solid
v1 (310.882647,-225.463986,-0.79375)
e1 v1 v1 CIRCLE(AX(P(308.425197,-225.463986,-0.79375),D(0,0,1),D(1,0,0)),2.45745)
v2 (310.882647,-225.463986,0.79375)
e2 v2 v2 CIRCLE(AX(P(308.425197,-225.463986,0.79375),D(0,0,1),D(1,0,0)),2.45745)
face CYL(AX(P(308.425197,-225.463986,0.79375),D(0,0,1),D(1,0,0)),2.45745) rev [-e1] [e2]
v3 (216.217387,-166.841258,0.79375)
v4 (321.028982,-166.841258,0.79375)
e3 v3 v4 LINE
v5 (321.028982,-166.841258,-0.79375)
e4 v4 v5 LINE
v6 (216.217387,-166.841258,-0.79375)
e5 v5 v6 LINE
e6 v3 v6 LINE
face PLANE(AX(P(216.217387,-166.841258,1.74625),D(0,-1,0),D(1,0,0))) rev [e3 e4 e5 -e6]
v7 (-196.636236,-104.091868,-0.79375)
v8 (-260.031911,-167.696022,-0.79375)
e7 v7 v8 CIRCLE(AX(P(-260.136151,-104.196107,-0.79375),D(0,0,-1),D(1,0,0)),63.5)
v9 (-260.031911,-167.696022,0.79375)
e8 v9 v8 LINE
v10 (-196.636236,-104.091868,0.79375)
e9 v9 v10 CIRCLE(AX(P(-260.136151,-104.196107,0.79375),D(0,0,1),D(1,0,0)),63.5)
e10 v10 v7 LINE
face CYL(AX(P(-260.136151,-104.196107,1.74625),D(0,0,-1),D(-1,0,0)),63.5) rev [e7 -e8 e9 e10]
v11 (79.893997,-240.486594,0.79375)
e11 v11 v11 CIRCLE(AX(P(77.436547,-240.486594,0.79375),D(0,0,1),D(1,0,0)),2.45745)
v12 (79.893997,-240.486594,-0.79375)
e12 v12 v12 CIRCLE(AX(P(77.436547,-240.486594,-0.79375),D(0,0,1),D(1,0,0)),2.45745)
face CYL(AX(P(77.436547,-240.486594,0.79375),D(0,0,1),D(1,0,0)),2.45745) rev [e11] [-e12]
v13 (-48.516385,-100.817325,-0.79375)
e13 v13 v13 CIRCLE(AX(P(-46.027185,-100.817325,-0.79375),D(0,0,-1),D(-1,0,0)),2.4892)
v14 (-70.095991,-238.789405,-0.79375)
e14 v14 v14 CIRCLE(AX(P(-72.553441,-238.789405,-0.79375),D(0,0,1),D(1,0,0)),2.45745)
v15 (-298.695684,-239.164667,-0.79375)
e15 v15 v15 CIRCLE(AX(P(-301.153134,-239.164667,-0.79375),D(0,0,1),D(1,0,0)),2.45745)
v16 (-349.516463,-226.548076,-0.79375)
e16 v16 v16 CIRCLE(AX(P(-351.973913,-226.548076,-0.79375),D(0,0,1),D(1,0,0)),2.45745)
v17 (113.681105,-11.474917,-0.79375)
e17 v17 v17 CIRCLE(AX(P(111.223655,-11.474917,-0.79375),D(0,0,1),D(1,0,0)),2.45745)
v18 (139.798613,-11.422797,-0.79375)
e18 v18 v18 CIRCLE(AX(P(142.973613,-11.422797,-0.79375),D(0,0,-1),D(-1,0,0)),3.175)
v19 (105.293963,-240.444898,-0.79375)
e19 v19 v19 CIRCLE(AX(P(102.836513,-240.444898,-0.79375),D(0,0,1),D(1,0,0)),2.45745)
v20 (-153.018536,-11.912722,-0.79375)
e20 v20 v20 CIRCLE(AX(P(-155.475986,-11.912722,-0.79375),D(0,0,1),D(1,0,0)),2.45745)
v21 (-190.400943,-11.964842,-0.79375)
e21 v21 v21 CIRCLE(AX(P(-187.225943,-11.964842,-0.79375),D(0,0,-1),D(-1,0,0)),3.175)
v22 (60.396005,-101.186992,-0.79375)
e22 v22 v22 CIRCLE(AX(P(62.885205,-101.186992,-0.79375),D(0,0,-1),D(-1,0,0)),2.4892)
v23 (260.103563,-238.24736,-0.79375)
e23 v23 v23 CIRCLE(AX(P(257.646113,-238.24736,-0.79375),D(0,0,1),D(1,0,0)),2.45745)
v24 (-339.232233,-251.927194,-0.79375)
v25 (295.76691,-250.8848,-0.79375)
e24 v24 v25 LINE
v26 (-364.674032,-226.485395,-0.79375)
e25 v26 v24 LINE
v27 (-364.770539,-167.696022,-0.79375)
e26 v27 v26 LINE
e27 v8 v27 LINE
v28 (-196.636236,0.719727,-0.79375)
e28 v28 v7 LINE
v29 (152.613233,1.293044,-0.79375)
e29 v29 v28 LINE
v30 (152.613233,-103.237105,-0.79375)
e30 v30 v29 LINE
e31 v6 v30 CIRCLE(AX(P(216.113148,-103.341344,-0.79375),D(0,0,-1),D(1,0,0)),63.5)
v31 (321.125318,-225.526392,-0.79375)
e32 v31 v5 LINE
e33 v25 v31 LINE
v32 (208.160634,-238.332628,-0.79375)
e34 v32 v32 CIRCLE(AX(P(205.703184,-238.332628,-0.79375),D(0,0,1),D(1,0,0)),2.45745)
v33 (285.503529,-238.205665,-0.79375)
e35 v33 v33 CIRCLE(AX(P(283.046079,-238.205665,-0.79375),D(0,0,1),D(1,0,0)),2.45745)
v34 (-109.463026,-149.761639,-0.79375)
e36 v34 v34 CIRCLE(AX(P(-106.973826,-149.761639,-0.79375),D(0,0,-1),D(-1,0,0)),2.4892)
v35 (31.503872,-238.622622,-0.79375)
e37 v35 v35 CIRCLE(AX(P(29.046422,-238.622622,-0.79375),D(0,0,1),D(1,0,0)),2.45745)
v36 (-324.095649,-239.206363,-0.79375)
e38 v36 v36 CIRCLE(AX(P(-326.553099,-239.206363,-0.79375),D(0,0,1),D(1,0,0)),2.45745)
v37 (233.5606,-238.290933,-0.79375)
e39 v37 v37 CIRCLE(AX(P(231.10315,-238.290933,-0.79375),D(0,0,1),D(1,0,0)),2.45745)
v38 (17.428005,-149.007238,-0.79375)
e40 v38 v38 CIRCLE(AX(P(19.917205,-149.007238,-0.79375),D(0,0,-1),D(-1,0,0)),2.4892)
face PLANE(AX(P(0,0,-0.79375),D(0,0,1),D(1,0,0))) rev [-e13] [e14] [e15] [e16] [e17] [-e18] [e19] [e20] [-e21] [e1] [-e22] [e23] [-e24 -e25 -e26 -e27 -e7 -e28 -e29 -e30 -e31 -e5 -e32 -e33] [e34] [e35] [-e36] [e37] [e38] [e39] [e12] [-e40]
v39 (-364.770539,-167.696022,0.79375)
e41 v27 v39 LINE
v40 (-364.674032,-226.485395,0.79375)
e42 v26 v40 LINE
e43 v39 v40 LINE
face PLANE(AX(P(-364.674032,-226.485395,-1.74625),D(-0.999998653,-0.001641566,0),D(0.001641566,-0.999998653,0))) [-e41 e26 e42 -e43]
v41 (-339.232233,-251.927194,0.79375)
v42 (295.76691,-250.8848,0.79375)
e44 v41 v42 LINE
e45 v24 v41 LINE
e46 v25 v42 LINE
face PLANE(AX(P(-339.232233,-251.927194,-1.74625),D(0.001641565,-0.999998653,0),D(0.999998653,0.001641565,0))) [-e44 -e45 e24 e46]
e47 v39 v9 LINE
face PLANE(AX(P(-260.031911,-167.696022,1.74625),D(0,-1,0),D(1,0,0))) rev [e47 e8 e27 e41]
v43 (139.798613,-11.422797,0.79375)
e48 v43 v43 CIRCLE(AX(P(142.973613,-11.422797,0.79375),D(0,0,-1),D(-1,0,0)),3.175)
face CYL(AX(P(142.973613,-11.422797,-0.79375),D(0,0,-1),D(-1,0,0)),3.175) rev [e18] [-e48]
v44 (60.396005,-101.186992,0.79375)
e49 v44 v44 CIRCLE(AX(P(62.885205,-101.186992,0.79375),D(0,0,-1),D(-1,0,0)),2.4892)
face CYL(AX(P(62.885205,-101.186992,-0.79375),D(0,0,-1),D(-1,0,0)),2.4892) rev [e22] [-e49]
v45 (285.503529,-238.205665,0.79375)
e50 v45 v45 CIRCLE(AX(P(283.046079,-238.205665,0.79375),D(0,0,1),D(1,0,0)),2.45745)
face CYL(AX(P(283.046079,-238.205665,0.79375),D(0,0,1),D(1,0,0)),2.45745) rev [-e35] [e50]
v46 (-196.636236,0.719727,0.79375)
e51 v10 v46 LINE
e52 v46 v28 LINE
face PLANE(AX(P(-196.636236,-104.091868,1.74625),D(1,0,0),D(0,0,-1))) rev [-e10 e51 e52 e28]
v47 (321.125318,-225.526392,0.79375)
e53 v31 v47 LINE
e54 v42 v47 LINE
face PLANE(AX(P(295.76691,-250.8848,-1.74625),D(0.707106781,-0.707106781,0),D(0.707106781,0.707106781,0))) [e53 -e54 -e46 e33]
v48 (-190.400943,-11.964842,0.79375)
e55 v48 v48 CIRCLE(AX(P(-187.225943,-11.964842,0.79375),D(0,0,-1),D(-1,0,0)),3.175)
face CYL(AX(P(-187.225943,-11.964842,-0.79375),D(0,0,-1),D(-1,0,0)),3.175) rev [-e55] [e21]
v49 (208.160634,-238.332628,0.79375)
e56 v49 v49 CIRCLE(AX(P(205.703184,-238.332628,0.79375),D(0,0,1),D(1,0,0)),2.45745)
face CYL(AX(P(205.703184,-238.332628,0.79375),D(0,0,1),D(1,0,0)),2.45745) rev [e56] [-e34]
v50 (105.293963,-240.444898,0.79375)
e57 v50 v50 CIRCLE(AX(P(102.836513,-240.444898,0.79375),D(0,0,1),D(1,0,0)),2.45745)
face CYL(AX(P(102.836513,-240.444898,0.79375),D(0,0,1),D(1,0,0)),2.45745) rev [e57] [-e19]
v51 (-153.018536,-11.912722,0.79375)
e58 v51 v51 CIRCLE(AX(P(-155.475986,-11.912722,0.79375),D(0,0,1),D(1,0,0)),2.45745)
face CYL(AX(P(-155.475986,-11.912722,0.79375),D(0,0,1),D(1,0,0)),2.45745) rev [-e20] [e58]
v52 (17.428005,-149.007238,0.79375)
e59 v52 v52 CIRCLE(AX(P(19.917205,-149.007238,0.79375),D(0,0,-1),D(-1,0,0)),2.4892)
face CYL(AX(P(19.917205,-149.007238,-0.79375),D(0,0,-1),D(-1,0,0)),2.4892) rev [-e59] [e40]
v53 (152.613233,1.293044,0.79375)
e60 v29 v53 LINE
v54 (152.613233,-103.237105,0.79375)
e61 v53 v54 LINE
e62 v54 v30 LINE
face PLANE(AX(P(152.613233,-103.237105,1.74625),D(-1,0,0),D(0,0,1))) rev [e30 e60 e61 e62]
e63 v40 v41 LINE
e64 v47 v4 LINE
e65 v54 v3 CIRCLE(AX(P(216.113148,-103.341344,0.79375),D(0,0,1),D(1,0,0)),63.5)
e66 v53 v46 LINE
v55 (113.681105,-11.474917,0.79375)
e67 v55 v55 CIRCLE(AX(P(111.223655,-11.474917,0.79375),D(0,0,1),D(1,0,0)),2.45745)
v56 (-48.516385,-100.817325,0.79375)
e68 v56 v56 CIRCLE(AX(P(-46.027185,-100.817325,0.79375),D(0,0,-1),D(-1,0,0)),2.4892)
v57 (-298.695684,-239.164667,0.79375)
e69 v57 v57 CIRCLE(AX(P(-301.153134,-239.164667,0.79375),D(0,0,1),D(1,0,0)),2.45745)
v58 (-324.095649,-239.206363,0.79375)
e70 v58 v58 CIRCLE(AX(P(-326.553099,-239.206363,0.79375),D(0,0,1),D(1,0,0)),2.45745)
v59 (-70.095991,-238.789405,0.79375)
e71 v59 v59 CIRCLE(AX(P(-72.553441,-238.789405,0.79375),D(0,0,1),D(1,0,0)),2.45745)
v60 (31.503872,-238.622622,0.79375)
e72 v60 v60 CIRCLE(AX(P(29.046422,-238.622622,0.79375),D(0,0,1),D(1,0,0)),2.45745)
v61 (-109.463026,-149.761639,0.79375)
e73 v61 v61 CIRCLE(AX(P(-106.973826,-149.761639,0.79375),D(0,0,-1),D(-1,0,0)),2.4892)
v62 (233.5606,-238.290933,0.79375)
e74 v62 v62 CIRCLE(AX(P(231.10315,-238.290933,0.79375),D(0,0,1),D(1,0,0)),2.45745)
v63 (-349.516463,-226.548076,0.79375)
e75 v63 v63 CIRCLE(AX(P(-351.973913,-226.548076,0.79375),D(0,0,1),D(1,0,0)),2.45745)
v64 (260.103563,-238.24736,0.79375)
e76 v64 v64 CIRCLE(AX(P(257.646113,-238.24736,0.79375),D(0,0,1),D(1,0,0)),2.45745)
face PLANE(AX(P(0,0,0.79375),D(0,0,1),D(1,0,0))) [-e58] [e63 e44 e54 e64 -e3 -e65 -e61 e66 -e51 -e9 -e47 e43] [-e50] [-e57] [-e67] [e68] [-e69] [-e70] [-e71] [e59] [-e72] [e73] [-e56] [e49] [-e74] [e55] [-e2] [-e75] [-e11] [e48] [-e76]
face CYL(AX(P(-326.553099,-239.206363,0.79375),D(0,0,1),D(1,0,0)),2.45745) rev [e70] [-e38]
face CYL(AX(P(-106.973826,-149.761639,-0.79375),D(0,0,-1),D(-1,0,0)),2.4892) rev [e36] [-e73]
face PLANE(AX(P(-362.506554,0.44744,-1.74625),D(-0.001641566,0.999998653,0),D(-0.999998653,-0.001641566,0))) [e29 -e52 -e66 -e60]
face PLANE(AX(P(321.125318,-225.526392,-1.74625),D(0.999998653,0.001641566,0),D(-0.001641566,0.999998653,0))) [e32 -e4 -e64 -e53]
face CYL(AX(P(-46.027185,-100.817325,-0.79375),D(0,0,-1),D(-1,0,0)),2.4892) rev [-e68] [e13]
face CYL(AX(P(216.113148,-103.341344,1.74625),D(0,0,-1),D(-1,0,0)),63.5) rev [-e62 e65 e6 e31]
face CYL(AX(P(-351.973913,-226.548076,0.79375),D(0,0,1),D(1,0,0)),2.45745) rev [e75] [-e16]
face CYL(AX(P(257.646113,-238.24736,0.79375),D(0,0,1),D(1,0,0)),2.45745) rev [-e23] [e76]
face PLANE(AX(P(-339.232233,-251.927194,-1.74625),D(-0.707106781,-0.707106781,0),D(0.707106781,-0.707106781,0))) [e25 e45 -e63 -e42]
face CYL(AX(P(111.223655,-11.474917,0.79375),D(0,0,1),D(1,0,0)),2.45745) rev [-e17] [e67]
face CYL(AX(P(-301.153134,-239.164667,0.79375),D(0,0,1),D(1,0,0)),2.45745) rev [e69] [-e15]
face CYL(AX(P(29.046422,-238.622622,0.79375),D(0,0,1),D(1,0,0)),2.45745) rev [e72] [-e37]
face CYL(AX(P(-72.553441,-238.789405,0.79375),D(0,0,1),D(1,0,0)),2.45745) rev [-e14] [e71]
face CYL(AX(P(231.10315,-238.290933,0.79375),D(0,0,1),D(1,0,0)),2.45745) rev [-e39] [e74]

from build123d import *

# Parameters (mm, degrees)
SKETCH3_W                    = 914.4
SKETCH3_H                    = 609.6
BOSS_EXTRUDE1_DEPTH          = 0.79375
SKETCH4_OUTSIDE_W            = 1136.194
SKETCH4_OUTSIDE_H            = 831.394
CUT_EXTRUDE1_DEPTH           = 2.54
F_10_0_1935_DIAMETER_HOLE1_D = 4.9149
CUT_EXTRUDE5_DEPTH           = 2.54
CUT_EXTRUDE6_DEPTH           = 2.54
F_1_4_0_25_DIAMETER_HOLE1_D  = 6.35
F_10_CLEARANCE_HOLE1_D       = 4.9784


with BuildPart() as part:
    # Sketch3 → Boss-Extrude1 (new, symmetric)
    with BuildSketch(Plane.XY):
        Rectangle(SKETCH3_W, SKETCH3_H)
    extrude(amount=BOSS_EXTRUDE1_DEPTH, both=True)

    # Sketch4 outside → Cut-Extrude1 (cut)
    with BuildSketch(Plane.XY.offset(0.79375)):
        Rectangle(SKETCH4_OUTSIDE_W, SKETCH4_OUTSIDE_H)
        with BuildLine():
            Line((-362.506554298, 0.447439942), (318.21252852, 1.564886415))
            ThreePointArc((318.21252852, 1.564886415), (320.009798565, 0.823886977), (320.756694674, -0.970940586))
            Line((320.756694674, -0.970940586), (321.125317657, -225.526391983))
            Line((321.125317657, -225.526391983), (295.766909962, -250.884799679))
            Line((295.766909962, -250.884799679), (-339.232233443, -251.927193706))
            Line((-339.232233443, -251.927193706), (-364.674032102, -226.485395047))
            Line((-364.674032102, -226.485395047), (-365.0423813, -2.096726212))
            ThreePointArc((-365.0423813, -2.096726212), (-364.301381862, -0.299456167), (-362.506554298, 0.447439942))
        make_face(mode=Mode.SUBTRACT)
    extrude(amount=-CUT_EXTRUDE1_DEPTH, mode=Mode.SUBTRACT)

    # #10 (0.1935) Diameter Hole1 (through all)
    with Locations(Plane.XY.offset(0.79375)):
        with Locations((-301.153133674, -239.164667177), (-326.553099451, -239.206362941), (-351.97391311, -226.548075817), (-72.553441175, -238.789405326), (29.046421932, -238.622622281), (77.43654747, -240.486594059), (102.836513247, -240.444898294), (205.703184417, -238.332628273), (231.103150194, -238.290932508), (257.646113416, -238.247360435), (283.046079193, -238.205664671), (308.425197087, -225.463986018), (-155.475985843, -11.912722419), (111.223655321, -11.474916927)):
            Hole(F_10_0_1935_DIAMETER_HOLE1_D / 2)

    # Sketch13 → Cut-Extrude5 (cut)
    with BuildSketch(Plane(origin=(0, 0, -0.79375), x_dir=(-1, 0, 0), z_dir=(0, 0, -1))):
        with BuildLine():
            Line((-216.217386967, -166.841258451), (-343.254011981, -166.841258451))
            Line((-343.254011981, -166.841258451), (-342.941011359, 23.830509847))
            Line((-342.941011359, 23.830509847), (-152.613233115, 23.518073908))
            Line((-152.613233115, 23.518073908), (-152.613233115, -103.237104599))
            ThreePointArc((-152.613233115, -103.237104599), (-171.211866952, -148.242624615), (-216.217386967, -166.841258451))
        make_face()
    extrude(amount=-CUT_EXTRUDE5_DEPTH, mode=Mode.SUBTRACT)

    # Sketch12 → Cut-Extrude6 (cut)
    with BuildSketch(Plane(origin=(0, 0, -0.79375), x_dir=(-1, 0, 0), z_dir=(0, 0, -1))):
        with BuildLine():
            Line((196.636236426, -104.091867765), (196.636236426, 20.404753749))
            Line((196.636236426, 20.404753749), (384.763838571, 20.095930202))
            Line((384.763838571, 20.095930202), (384.455565363, -167.696021617))
            Line((384.455565363, -167.696021617), (260.031911457, -167.696021617))
            ThreePointArc((260.031911457, -167.696021617), (215.161222367, -149.023618888), (196.636236426, -104.091867765))
        make_face()
    extrude(amount=-CUT_EXTRUDE6_DEPTH, mode=Mode.SUBTRACT)

    # 1/4 (0.25) Diameter Hole1 (through all)
    with Locations(Plane(origin=(0, 0, -0.79375), x_dir=(-1, 0, 0), z_dir=(0, 0, -1))):
        with Locations((-142.973612542, -11.422797239), (187.225942556, -11.964842173)):
            Hole(F_1_4_0_25_DIAMETER_HOLE1_D / 2)

    # #10 Clearance Hole1 (through all)
    with Locations(Plane(origin=(0, 0, -0.79375), x_dir=(-1, 0, 0), z_dir=(0, 0, -1))):
        with Locations((-62.885205352, -101.186991996), (-19.917204705, -149.007237749), (46.027185416, -100.817324835), (106.973826127, -149.761638685)):
            Hole(F_10_CLEARANCE_HOLE1_D / 2)


solid = part.part
